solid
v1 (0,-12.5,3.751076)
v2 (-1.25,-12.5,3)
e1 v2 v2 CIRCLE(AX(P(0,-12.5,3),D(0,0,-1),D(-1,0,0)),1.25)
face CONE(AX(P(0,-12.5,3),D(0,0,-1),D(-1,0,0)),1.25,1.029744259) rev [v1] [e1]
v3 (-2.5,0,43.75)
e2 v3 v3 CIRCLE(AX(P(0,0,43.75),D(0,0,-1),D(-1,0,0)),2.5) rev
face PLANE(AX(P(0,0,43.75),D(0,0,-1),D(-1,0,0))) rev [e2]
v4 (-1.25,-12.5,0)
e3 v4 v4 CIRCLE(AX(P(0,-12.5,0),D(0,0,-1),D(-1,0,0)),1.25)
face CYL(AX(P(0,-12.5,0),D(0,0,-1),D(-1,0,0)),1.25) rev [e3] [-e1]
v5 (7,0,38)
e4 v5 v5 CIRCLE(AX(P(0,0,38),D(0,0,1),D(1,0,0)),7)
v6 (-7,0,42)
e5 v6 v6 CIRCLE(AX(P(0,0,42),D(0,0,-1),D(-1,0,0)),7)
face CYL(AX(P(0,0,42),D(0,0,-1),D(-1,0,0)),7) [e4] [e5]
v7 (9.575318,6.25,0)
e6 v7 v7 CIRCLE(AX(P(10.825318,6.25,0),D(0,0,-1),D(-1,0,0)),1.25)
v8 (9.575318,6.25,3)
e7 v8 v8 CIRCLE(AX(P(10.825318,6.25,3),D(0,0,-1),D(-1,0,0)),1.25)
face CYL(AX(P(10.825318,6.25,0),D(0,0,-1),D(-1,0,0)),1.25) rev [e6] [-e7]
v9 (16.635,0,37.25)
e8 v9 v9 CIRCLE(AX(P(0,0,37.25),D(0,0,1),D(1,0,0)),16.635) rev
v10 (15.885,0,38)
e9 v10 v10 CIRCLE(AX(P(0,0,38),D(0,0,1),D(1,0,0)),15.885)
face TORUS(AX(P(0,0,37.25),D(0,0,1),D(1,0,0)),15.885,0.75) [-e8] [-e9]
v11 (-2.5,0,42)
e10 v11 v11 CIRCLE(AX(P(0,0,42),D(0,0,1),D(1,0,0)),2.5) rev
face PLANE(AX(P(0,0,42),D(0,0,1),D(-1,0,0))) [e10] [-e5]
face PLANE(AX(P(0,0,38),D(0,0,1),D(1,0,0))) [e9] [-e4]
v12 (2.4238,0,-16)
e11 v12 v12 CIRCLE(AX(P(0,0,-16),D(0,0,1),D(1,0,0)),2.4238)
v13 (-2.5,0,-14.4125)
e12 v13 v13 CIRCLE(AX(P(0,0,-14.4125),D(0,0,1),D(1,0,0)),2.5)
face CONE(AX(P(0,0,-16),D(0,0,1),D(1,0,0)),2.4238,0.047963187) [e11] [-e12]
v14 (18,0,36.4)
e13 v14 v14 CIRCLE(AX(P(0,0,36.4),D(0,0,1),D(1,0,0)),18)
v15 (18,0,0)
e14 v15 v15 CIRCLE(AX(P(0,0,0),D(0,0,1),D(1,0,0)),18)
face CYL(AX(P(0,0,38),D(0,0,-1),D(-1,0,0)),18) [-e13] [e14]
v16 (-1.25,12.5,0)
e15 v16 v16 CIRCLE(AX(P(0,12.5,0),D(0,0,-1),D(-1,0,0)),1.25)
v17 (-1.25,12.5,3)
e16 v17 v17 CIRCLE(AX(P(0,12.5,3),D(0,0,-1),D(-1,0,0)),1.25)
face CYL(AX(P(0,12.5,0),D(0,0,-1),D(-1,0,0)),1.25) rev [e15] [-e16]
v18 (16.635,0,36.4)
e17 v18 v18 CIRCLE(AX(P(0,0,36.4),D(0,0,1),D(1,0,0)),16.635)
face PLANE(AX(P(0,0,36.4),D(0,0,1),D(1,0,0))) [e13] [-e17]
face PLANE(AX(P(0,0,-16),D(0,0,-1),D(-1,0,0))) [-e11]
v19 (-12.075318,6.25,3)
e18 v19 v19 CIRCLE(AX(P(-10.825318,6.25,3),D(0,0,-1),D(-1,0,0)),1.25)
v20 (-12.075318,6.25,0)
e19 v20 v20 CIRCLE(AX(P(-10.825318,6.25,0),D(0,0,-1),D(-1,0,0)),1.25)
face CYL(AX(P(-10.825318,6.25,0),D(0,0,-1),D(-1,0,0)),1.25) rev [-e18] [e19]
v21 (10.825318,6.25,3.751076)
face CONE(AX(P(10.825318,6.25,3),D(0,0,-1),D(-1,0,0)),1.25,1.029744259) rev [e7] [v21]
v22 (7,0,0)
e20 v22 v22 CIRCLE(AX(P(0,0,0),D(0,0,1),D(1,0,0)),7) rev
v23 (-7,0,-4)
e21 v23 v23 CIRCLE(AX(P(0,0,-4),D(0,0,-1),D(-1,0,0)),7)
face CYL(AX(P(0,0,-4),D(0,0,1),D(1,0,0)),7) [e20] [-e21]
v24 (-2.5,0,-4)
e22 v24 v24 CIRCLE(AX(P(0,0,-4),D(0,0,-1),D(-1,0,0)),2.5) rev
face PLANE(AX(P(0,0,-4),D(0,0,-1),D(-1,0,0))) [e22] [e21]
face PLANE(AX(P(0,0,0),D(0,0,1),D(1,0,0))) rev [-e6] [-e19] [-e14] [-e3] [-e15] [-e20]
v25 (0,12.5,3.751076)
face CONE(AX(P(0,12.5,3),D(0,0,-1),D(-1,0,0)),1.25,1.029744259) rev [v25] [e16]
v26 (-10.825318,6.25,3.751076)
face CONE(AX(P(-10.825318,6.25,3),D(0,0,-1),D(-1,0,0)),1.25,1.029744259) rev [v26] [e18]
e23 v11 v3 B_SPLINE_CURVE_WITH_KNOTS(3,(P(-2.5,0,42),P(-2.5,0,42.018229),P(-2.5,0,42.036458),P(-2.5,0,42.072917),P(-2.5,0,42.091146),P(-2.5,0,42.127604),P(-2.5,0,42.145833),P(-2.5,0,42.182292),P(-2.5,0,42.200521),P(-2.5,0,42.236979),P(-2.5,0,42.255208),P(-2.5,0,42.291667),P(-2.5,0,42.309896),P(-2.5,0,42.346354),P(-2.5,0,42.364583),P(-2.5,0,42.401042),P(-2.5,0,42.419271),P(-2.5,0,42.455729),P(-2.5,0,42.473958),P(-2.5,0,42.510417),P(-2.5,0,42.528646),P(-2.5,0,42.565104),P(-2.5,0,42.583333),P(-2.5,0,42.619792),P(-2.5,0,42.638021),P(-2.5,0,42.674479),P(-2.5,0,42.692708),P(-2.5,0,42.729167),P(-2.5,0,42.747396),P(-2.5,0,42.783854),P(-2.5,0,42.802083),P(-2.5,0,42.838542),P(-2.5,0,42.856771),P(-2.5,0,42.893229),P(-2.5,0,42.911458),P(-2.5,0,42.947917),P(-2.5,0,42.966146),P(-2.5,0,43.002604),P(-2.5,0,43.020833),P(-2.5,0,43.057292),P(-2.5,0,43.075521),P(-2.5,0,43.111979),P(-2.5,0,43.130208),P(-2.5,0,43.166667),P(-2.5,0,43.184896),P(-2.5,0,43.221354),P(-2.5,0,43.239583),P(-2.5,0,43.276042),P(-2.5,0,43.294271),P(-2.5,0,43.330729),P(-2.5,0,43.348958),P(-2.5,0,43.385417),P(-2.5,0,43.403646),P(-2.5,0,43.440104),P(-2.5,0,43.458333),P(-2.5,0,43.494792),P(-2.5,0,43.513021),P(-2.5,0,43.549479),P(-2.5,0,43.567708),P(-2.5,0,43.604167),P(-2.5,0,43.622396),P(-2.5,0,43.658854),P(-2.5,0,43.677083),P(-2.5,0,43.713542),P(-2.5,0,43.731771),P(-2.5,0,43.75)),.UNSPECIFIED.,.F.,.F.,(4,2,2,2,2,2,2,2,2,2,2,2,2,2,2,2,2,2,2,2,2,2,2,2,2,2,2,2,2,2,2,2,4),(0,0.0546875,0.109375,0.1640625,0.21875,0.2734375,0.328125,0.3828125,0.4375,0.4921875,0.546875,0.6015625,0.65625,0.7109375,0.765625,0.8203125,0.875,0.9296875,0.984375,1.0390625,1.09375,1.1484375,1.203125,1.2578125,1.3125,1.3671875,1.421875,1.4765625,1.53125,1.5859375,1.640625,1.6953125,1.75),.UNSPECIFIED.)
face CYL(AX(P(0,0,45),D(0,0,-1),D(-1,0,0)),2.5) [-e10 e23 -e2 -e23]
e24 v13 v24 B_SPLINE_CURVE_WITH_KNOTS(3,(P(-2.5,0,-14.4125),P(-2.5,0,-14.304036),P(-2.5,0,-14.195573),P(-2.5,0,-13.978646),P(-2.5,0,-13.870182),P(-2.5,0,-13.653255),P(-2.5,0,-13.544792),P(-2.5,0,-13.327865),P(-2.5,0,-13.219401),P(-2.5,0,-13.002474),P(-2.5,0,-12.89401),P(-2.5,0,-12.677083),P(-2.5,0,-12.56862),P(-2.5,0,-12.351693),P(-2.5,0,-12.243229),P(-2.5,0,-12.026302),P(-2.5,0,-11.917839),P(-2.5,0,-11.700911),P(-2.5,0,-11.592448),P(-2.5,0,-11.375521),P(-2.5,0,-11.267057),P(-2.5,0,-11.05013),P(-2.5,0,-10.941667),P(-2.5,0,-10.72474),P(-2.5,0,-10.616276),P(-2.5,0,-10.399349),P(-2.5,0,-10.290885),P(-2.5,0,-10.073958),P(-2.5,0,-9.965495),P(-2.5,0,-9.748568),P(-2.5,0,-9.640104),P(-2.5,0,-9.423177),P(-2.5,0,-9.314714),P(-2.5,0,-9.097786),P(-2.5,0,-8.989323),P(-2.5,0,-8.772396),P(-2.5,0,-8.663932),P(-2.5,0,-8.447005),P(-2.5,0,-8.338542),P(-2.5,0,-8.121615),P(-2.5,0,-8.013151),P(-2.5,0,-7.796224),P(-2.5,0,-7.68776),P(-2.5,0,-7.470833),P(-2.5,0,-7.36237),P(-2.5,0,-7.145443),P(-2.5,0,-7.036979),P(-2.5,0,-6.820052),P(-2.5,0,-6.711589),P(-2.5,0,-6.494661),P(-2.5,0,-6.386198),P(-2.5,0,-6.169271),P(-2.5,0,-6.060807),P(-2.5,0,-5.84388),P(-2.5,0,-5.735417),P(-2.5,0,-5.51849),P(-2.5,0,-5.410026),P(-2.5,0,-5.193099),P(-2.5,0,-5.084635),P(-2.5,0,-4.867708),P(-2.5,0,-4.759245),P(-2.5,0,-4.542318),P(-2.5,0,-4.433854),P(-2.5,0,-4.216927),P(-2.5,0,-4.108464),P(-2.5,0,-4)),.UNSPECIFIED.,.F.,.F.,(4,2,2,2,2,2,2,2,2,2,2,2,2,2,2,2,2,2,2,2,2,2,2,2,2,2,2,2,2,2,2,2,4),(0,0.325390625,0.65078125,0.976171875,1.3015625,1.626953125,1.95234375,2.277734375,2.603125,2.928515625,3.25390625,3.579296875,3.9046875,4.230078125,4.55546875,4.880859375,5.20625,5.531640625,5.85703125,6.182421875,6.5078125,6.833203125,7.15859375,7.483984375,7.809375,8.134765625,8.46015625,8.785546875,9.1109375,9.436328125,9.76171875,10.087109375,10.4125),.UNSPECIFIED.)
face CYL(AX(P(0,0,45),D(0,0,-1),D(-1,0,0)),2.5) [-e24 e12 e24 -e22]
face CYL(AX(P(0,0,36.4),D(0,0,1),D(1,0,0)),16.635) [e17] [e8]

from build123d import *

# Parameters (mm, degrees)
SKETCH1_R                 = 18
BOSS_EXTRUDE1_DEPTH       = 38
BOSS_EXTRUDE2_DEPTH       = 16
BOSS_EXTRUDE2_DEPTH_BACK  = 45
SKETCH2_R                 = 2.5
SKETCH3_R                 = 7
BOSS_EXTRUDE3_DEPTH       = 4
M3X0_5_TAPPED_HOLE1_D     = 2.5
M3X0_5_TAPPED_HOLE1_DEPTH = 3
M3X0_5_TAPPED_HOLE1_TIP   = 0.751075774
SKETCH6_R                 = 2.5
CUT_EXTRUDE1_DEPTH        = 1.25
CUT_EXTRUDE2_START        = -1.6
SKETCH7_R                 = 18
SKETCH7_R_2               = 16.635
CUT_EXTRUDE2_DEPTH        = 1.6
FILLET1_R                 = 0.75


with BuildPart() as part:
    # Sketch1 → Boss-Extrude1 (new body)
    with BuildSketch(Plane.XY):
        Circle(SKETCH1_R)
    extrude(amount=BOSS_EXTRUDE1_DEPTH)

    # Sketch2 → Boss-Extrude2 (add, two sides: drawn at the far end of the back side and taken through both)
    with BuildSketch(Plane(origin=(0, 0, 0), x_dir=(-1, 0, 0), z_dir=(0, 0, -1)).offset(-BOSS_EXTRUDE2_DEPTH_BACK)):
        Circle(SKETCH2_R)
    extrude(amount=BOSS_EXTRUDE2_DEPTH + BOSS_EXTRUDE2_DEPTH_BACK)

    # Sketch3 → Boss-Extrude3 (add)
    with BuildSketch(Plane(origin=(0, 0, 0), x_dir=(-1, 0, 0), z_dir=(0, 0, -1))):
        with Locations(Location((0, 0, 0), (0, 0, 180))):
            Circle(SKETCH3_R)
    boss_extrude3 = extrude(amount=BOSS_EXTRUDE3_DEPTH)

    # M3x0.5 Tapped Hole1
    with Locations(Plane(origin=(0, 0, 0), x_dir=(-1, 0, 0), z_dir=(0, 0, -1))):
        with Locations((0, 12.5), (-10.825317547, 6.25), (0, -12.5), (10.825317547, 6.25)):
            Hole(M3X0_5_TAPPED_HOLE1_D / 2, depth=M3X0_5_TAPPED_HOLE1_DEPTH)
            with Locations((0, 0, -(M3X0_5_TAPPED_HOLE1_DEPTH + M3X0_5_TAPPED_HOLE1_TIP / 2))):  # 118° drill point
                Cone(0, M3X0_5_TAPPED_HOLE1_D / 2, M3X0_5_TAPPED_HOLE1_TIP, mode=Mode.SUBTRACT)

    # Sketch6 → Cut-Extrude1 (cut)
    with BuildSketch(Plane.XY.offset(45)):
        with Locations(Location((0, 0, 0), (0, 0, 180))):
            Circle(SKETCH6_R)
    extrude(amount=-CUT_EXTRUDE1_DEPTH, mode=Mode.SUBTRACT)

    # Mirror1: Boss-Extrude3 across plane
    add(boss_extrude3.mirror(Plane(origin=(0, 0, 19), x_dir=(1, 0, 0), z_dir=(0, 0, -1))))

    # Sketch7 → Cut-Extrude2 (cut)
    with BuildSketch(Plane.XY.offset(38).offset(CUT_EXTRUDE2_START)):
        Circle(SKETCH7_R)
        Circle(SKETCH7_R_2, mode=Mode.SUBTRACT)
    extrude(amount=CUT_EXTRUDE2_DEPTH, mode=Mode.SUBTRACT)

    # Fillet1
    fillet1_edges = [part.edges().sort_by_distance(p)[0] for p in [
        (-16.635, 0, 38),
    ]]
    fillet(fillet1_edges, radius=FILLET1_R)

    # Sketch8 → Cut-Revolve1 (revolve, cut)
    with BuildSketch(Plane(origin=(0, 0, 0), x_dir=(1, 0, 0), z_dir=(0, 1, 0)), mode=Mode.PRIVATE) as cut_revolve1_sk:
        Polygon((2.5, 16), (2.5, 14.4125), (2.4238, 16), align=None)
    revolve(cut_revolve1_sk.sketch.rotate(Axis((0, 0, -16), (0, 0, -1)), 180), axis=Axis((0, 0, -16), (0, 0, -1)), mode=Mode.SUBTRACT)


solid = part.part
